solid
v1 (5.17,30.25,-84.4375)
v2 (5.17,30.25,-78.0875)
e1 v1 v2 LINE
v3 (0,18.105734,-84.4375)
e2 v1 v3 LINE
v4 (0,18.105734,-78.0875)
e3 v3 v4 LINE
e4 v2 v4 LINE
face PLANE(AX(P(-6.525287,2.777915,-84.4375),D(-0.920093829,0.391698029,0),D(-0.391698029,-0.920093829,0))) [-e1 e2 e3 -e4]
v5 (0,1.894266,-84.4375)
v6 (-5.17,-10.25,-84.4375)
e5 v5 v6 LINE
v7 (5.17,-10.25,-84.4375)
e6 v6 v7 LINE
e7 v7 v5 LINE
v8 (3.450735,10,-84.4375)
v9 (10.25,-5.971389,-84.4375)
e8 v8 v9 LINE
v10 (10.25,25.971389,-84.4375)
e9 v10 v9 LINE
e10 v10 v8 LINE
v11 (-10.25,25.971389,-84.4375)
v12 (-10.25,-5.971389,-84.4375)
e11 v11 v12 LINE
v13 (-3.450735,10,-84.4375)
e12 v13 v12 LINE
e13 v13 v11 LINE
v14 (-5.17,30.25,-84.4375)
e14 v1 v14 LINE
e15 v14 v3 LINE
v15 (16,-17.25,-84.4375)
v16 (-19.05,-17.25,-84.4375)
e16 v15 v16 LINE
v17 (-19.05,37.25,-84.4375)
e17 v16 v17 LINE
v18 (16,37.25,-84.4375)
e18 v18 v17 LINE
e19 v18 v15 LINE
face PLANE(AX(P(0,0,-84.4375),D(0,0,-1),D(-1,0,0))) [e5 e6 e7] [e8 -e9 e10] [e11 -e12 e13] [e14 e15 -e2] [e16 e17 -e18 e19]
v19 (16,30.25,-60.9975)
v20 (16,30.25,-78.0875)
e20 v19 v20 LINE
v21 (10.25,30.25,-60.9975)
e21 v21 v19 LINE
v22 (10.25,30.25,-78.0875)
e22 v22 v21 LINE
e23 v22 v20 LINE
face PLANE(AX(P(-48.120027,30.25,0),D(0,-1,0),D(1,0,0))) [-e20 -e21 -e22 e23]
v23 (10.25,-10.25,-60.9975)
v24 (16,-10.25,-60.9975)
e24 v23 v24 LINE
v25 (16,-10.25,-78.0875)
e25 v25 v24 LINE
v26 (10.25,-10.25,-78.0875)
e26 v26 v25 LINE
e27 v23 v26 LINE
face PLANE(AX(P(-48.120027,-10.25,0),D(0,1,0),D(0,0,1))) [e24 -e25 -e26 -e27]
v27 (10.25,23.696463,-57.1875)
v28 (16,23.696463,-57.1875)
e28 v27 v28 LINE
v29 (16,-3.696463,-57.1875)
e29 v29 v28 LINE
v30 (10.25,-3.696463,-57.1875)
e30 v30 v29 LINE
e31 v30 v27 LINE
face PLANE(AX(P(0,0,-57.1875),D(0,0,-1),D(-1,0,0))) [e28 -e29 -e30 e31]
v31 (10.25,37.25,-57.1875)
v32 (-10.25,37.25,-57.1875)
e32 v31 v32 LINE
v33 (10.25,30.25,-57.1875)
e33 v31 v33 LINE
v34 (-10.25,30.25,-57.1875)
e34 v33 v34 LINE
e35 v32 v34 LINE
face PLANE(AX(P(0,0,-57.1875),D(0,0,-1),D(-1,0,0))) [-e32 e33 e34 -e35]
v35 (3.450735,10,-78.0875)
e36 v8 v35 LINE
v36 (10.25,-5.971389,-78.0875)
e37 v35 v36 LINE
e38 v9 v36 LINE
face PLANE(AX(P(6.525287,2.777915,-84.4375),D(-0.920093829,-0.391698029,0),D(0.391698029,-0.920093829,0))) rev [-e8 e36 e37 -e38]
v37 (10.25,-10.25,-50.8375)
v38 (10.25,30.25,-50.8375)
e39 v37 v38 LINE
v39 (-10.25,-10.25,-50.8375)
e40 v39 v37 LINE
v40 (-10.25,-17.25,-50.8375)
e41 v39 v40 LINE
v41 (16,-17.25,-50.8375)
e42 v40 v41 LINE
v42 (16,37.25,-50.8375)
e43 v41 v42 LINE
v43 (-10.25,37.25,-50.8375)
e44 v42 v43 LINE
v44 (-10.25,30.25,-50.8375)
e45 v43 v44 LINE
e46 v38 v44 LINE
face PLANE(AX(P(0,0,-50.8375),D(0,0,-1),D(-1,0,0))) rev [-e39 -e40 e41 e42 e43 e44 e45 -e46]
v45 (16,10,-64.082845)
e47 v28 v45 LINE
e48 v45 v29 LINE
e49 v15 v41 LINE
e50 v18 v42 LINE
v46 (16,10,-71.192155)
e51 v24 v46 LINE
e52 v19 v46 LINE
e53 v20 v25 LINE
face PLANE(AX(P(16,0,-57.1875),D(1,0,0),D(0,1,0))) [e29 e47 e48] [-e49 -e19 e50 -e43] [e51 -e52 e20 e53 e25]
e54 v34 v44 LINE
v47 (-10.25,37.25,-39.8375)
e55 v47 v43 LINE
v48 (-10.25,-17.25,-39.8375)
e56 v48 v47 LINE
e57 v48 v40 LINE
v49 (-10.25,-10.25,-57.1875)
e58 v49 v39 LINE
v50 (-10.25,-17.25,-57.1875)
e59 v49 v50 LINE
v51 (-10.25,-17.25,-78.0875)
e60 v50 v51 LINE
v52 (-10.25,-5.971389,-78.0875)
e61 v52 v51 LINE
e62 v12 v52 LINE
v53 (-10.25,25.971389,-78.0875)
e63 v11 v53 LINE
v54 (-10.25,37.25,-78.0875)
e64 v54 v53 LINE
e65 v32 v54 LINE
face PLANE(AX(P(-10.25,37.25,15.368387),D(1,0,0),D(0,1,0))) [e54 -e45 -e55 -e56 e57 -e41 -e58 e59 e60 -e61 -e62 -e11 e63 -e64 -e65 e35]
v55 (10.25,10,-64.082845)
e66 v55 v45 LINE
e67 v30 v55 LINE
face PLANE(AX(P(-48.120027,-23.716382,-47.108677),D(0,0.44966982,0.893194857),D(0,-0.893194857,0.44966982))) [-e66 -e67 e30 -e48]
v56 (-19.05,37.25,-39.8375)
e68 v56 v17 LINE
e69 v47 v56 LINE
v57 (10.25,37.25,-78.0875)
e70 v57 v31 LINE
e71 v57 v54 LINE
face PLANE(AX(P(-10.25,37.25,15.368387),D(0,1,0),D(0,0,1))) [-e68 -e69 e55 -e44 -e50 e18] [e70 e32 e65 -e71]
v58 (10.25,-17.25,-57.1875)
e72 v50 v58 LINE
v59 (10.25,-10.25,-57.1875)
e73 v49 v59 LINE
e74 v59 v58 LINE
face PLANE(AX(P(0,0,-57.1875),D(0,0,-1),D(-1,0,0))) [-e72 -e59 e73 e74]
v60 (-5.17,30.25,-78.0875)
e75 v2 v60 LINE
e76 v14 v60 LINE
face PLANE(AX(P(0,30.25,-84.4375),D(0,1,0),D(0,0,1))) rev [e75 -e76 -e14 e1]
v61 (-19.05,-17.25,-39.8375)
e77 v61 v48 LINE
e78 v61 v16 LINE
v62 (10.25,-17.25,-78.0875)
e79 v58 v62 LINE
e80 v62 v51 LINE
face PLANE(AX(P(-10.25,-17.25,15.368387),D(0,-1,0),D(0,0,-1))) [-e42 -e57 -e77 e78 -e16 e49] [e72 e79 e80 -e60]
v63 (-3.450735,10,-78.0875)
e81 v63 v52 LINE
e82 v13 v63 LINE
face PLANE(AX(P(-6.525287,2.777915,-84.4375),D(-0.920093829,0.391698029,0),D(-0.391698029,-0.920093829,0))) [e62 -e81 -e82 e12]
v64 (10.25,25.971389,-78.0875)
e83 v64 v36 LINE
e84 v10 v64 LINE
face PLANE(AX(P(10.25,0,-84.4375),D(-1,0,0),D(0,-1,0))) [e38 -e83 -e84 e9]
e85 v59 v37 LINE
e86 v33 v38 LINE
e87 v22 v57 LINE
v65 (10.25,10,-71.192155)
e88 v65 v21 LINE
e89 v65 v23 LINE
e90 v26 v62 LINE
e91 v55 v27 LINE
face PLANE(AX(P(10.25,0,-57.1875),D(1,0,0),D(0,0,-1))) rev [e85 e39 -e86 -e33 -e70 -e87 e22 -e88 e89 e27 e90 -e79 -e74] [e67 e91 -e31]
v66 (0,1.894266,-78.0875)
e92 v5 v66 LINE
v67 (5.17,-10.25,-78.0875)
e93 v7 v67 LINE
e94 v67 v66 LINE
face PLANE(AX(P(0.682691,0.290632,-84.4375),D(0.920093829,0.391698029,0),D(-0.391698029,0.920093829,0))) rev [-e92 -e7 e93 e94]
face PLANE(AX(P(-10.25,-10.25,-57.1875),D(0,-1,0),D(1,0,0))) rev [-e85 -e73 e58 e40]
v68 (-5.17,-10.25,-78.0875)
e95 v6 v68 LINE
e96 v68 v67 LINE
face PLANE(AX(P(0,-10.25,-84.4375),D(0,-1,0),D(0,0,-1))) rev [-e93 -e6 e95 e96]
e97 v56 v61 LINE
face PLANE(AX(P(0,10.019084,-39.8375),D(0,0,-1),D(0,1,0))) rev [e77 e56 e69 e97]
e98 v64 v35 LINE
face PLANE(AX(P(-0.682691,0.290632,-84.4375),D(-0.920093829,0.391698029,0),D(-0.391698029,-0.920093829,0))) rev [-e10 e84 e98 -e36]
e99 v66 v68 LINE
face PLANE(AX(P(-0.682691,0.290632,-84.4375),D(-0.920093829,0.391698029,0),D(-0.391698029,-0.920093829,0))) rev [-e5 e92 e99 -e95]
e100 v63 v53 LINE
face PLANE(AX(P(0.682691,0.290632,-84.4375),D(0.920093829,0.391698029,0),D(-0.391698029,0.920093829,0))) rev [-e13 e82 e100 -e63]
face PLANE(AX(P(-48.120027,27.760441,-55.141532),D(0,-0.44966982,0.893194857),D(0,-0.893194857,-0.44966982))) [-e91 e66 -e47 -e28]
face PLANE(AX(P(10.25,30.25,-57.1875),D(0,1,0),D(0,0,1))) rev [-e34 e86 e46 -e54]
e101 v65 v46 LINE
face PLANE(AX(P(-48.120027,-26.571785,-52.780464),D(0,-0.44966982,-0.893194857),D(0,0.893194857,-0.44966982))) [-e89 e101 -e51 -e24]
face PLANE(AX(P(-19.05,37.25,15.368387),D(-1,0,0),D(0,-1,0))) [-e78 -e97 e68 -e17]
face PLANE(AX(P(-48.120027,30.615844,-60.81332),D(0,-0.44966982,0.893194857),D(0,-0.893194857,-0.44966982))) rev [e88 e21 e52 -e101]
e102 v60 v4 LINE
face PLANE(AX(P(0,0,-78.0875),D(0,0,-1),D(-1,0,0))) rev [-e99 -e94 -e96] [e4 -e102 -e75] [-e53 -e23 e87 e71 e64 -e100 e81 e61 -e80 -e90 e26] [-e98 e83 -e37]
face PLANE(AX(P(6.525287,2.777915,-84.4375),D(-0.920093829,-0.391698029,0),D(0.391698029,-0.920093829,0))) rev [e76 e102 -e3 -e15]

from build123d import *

# Parameters (mm, degrees)
BOSS_EXTRUDE2_DEPTH      = 0.25
BOSS_EXTRUDE2_DEPTH_BACK = 38
SKETCH1_W                = 8.8
SKETCH1_H                = 54.5
BOSS_EXTRUDE3_DEPTH      = 6.35
SKETCH3_W                = 5.75
SKETCH3_H                = 54.5
BOSS_EXTRUDE4_DEPTH      = 6.35
BOSS_EXTRUDE5_DEPTH      = 5.75


with BuildPart() as part:
    # Sketch1 → Boss-Extrude2 (new, two sides: drawn at the far end of the back side and taken through both)
    with BuildSketch(Plane(origin=(0, 0, -77.8375), x_dir=(-1, 0, 0), z_dir=(0, 0, -1)).offset(-BOSS_EXTRUDE2_DEPTH_BACK)):
        with Locations((14.65, 10)):
            Rectangle(SKETCH1_W, SKETCH1_H)
    extrude(amount=BOSS_EXTRUDE2_DEPTH + BOSS_EXTRUDE2_DEPTH_BACK)

    # Sketch2 → Boss-Extrude3 (add)
    with BuildSketch(Plane(origin=(0, 0, -50.8375), x_dir=(-1, 0, 0), z_dir=(0, 0, -1))):
        Polygon((10.25, -17.25), (10.25, -10.25), (-10.25, -10.25), (-10.25, 30.25), (10.25, 30.25), (10.25, 37.25), (-16, 37.25), (-16, -17.25), align=None)
    extrude(amount=BOSS_EXTRUDE3_DEPTH)

    # Sketch3 → Boss-Extrude4 (add)
    with BuildSketch(Plane(origin=(0, 0, -78.0875), x_dir=(-1, 0, 0), z_dir=(0, 0, -1))):
        Polygon((10.25, 30.25), (10.25, 37.25), (-10.25, 37.25), (-10.25, 30.25), (-5.17, 30.25), (5.17, 30.25), align=None)
        with Locations((-13.125, 10)):
            Rectangle(SKETCH3_W, SKETCH3_H)
        Polygon((19.05, -17.25), (19.05, 37.25), (10.25, 37.25), (10.25, 30.25), (10.25, 25.971389376), (10.25, -5.971389376), (10.25, -10.25), (10.25, -17.25), align=None)
        Polygon((10.25, 25.971389376), (10.25, 30.25), (5.17, 30.25), (0, 18.105733912), (3.450735024, 10), align=None)
        Polygon((-5.17, 30.25), (-10.25, 30.25), (-10.25, 25.971389376), (-3.450735024, 10), (0, 18.105733912), align=None)
        Polygon((0, 1.894266088), (3.450735024, 10), (0, 18.105733912), (-3.450735024, 10), align=None)
        Polygon((-10.25, -5.971389376), (-10.25, -10.25), (-5.17, -10.25), (0, 1.894266088), (-3.450735024, 10), align=None)
        Polygon((5.17, -10.25), (10.25, -10.25), (10.25, -5.971389376), (3.450735024, 10), (0, 1.894266088), align=None)
        Polygon((-10.25, -17.25), (10.25, -17.25), (10.25, -10.25), (5.17, -10.25), (-5.17, -10.25), (-10.25, -10.25), align=None)
    extrude(amount=BOSS_EXTRUDE4_DEPTH)

    # Sketch4 → Boss-Extrude5 (add)
    with BuildSketch(Plane(origin=(16, 0, 0), x_dir=(0, 0, -1), z_dir=(1, 0, 0))):
        Polygon((67.6375, 2.939263745), (64.082844513, 10), (57.1875, -3.696463464), (57.1875, -10.25), (60.9975, -10.25), align=None)
        Polygon((60.9975, -10.25), (57.1875, -10.25), (57.1875, -17.25), (78.0875, -17.25), (78.0875, -10.25), (74.2775, -10.25), align=None)
        Polygon((71.192155487, 10), (67.6375, 17.060736255), (64.082844513, 10), (67.6375, 2.939263745), align=None)
        Polygon((78.0875, 37.25), (57.1875, 37.25), (57.1875, 30.25), (60.9975, 30.25), (74.2775, 30.25), (78.0875, 30.25), align=None)
        Polygon((60.9975, 30.25), (57.1875, 30.25), (57.1875, 23.696463464), (64.082844513, 10), (67.6375, 17.060736255), align=None)
    extrude(amount=-BOSS_EXTRUDE5_DEPTH)


solid = part.part
